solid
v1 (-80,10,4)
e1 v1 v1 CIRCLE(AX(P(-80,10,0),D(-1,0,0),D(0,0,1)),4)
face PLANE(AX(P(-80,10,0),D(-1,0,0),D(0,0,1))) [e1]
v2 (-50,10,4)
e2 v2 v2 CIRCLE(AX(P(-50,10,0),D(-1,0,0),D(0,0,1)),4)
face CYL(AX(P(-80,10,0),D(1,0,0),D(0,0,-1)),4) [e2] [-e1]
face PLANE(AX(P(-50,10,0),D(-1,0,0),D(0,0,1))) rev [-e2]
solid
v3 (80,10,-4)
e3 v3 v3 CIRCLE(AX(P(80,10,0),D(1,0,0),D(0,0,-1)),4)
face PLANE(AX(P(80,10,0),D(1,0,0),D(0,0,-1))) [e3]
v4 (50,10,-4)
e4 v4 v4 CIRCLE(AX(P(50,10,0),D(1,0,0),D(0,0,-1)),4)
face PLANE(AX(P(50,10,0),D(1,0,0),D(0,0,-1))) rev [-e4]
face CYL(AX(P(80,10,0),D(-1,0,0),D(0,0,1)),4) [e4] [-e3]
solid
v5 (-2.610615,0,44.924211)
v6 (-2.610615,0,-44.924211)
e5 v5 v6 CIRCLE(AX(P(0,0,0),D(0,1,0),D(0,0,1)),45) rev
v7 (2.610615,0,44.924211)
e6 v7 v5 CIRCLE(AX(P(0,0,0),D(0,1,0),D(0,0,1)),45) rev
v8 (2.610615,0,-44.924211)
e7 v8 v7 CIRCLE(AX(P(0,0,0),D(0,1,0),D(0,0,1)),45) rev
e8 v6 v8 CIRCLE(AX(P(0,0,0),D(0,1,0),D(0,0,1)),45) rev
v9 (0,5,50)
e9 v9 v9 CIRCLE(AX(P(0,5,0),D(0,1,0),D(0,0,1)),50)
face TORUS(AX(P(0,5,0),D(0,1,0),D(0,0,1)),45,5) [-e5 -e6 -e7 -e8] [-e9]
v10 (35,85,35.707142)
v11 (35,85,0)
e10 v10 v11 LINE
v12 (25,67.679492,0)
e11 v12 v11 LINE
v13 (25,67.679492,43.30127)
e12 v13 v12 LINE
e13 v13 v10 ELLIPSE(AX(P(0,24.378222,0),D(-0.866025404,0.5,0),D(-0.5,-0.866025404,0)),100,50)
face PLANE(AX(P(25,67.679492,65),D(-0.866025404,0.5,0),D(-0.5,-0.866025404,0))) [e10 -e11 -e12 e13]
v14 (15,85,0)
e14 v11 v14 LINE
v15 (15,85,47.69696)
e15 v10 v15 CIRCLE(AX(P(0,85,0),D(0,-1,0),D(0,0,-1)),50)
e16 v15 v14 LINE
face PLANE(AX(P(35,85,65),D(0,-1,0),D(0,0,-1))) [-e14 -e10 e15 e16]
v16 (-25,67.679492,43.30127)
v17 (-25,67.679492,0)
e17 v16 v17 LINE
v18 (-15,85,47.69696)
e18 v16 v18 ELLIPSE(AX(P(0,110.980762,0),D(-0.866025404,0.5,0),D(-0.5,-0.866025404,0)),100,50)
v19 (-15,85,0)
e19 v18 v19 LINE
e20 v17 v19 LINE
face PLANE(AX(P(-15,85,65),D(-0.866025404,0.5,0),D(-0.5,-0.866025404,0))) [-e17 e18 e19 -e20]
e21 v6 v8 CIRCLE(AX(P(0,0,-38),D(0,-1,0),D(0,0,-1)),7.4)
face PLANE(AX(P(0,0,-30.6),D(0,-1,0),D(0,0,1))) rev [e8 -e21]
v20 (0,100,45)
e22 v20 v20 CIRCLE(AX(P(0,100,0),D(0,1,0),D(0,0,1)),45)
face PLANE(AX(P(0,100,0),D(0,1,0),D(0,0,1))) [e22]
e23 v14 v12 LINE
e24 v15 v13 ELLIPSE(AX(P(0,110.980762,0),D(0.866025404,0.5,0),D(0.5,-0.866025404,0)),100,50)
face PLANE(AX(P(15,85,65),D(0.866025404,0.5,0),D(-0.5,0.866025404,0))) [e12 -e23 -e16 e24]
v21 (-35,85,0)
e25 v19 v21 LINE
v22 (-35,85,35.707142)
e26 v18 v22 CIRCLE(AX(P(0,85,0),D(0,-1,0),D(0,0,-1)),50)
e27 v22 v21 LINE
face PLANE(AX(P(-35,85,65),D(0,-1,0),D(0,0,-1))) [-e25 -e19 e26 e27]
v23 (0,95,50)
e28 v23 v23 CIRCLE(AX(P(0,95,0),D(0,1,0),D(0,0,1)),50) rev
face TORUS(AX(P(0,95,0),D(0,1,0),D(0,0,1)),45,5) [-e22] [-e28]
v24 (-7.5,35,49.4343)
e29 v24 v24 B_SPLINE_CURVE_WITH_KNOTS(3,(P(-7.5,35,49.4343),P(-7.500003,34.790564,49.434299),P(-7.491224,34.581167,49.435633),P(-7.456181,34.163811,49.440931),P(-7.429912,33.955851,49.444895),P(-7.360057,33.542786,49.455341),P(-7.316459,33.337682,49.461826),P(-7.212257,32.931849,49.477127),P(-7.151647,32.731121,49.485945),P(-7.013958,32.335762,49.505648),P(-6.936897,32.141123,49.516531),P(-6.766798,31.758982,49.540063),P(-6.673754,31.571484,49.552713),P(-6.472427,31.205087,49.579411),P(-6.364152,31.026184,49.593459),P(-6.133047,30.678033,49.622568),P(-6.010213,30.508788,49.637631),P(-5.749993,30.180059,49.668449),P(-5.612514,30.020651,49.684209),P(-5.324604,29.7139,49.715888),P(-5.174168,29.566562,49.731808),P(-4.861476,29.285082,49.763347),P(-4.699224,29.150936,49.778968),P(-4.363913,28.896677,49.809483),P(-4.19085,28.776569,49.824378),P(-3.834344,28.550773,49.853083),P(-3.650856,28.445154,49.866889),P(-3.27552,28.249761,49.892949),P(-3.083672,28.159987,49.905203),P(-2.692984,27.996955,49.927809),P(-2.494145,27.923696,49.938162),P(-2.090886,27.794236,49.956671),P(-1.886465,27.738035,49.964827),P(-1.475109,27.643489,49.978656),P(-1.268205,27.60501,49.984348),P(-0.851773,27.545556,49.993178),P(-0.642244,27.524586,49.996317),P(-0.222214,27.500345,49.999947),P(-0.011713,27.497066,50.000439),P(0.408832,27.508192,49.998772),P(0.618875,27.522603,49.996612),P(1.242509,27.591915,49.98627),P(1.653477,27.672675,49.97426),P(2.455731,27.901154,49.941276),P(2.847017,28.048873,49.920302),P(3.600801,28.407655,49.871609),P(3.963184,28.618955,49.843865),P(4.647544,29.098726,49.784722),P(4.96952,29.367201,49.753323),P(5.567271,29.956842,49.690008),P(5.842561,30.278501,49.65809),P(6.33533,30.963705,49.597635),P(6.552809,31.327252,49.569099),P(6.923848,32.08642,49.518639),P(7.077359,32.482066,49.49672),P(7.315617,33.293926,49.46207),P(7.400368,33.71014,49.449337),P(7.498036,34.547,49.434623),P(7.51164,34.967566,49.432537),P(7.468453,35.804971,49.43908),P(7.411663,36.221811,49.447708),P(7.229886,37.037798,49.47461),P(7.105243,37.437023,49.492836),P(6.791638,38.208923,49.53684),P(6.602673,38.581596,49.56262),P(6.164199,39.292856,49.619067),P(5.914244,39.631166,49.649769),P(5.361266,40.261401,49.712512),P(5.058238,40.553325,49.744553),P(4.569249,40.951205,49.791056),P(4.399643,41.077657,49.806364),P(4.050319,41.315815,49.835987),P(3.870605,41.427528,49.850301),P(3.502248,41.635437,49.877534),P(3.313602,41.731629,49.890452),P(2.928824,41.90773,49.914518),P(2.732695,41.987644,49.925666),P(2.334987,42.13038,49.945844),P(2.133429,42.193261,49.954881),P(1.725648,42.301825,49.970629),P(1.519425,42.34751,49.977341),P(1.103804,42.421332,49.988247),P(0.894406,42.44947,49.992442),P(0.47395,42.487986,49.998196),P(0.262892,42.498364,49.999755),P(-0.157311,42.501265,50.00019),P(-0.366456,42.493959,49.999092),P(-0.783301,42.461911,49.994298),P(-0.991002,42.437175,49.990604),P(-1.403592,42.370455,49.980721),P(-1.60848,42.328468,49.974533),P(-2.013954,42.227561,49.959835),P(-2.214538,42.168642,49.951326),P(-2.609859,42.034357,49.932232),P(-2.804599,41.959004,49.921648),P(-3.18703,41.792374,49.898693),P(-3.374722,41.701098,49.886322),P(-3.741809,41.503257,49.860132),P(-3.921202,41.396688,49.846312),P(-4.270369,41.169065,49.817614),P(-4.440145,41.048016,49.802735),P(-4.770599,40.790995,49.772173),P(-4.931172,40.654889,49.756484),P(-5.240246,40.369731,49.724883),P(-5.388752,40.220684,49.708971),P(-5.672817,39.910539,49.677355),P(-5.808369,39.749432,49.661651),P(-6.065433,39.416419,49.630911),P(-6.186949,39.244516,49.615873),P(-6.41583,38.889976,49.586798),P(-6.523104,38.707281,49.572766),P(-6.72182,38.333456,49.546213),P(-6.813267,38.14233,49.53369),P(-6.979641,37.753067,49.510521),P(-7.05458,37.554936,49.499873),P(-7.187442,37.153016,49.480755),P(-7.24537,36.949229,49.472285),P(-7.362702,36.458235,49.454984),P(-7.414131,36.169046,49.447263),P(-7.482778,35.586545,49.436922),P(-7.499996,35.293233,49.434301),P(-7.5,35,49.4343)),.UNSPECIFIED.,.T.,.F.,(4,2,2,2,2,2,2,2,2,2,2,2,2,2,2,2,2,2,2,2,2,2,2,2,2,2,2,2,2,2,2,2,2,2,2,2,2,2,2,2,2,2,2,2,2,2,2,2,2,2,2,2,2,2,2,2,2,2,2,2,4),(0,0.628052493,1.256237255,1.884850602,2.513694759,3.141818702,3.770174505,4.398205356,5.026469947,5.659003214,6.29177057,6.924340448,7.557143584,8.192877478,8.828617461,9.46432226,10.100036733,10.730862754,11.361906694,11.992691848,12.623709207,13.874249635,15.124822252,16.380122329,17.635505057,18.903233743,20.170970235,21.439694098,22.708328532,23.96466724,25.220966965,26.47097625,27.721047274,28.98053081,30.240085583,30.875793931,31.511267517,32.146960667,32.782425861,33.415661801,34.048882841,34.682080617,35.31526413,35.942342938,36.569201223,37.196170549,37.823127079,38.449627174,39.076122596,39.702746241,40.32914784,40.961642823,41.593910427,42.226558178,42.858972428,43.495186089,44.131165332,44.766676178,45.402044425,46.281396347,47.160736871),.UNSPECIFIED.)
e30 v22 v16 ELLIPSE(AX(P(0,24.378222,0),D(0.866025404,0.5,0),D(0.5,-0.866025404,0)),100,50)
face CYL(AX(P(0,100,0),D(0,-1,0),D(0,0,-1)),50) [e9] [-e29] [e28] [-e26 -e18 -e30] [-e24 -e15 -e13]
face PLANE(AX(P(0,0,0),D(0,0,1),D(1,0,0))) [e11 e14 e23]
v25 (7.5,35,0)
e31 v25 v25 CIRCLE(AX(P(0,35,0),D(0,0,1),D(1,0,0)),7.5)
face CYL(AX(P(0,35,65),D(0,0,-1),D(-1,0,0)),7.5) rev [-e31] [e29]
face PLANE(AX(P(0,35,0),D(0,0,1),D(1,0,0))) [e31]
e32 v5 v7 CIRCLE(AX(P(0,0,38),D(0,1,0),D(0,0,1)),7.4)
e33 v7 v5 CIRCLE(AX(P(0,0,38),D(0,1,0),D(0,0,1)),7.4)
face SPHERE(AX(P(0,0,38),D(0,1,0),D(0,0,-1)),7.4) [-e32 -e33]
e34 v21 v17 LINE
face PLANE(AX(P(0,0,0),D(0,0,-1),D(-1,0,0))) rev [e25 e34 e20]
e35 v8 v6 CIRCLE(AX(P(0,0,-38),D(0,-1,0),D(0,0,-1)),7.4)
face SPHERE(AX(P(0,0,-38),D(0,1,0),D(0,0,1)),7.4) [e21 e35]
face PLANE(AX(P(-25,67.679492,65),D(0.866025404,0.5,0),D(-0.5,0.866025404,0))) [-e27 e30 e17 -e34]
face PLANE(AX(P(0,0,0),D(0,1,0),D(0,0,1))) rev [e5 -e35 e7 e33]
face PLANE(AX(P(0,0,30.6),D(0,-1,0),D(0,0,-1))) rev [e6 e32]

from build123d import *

# Parameters (mm, degrees)
ESQUISSE1_R             = 50
BOSS_EXTRU_1_DEPTH      = 100
ESQUISSE2_R             = 4
BOSS_EXTRU_2_DEPTH      = 30
ESQUISSE3_R             = 4
BOSS_EXTRU_3_DEPTH      = 30
CONG_1_R                = 5
ESQUISSE6_R             = 7.5
ENL_V_MAT_EXTRU_1_DEPTH = 65


with BuildPart() as part:
    # Esquisse1 → Boss.-Extru.1 (new body)
    with BuildSketch(Plane(origin=(0, 0, 0), x_dir=(1, 0, 0), z_dir=(0, 1, 0))):
        Circle(ESQUISSE1_R)
    extrude(amount=BOSS_EXTRU_1_DEPTH)

    # Congé1
    cong_1_edges = [part.edges().sort_by_distance(p)[0] for p in [
        (-50, 0, 0),
        (-50, 100, 0),
    ]]
    fillet(cong_1_edges, radius=CONG_1_R)

    # Esquisse5 → Révolution1 (revolve)
    with BuildSketch(Plane(origin=(0, 0, 0), x_dir=(0, 0, -1), z_dir=(1, 0, 0))):
        with BuildLine():
            Line((-38, 0), (-38, -7.4))
            ThreePointArc((-38, -7.4), (-32.767409819, -5.232590181), (-30.6, 0))
            Line((-30.6, 0), (-38, 0))
        make_face()
    r_volution1 = revolve(axis=Axis((0, 0, 38), (0, -1, 0)))

    # Symétrie4: Révolution1 across plane
    add(r_volution1.mirror(Plane.XY))

    # Esquisse6 → Enlèv. mat.-Extru.1 (cut)
    with BuildSketch(Plane.XY):
        with Locations((0, 35)):
            Circle(ESQUISSE6_R)
        Polygon((-35, 85), (-15, 85), (-25, 67.679491924), align=None)
        Polygon((25, 67.679491924), (35, 85), (15, 85), align=None)
    extrude(amount=ENL_V_MAT_EXTRU_1_DEPTH, mode=Mode.SUBTRACT)


with BuildPart() as body_2:
    # Esquisse2 → Boss.-Extru.2 (new body)
    with BuildSketch(Plane(origin=(50, 0, 0), x_dir=(0, 0, -1), z_dir=(1, 0, 0))):
        with Locations((0, 10)):
            Circle(ESQUISSE2_R)
    extrude(amount=BOSS_EXTRU_2_DEPTH)


with BuildPart() as body_3:
    # Esquisse3 → Boss.-Extru.3 (new body)
    with BuildSketch(Plane.ZY.offset(50)):
        with Locations((0, 10)):
            Circle(ESQUISSE3_R)
    extrude(amount=BOSS_EXTRU_3_DEPTH)


solid = Compound([part.part, body_2.part, body_3.part])
